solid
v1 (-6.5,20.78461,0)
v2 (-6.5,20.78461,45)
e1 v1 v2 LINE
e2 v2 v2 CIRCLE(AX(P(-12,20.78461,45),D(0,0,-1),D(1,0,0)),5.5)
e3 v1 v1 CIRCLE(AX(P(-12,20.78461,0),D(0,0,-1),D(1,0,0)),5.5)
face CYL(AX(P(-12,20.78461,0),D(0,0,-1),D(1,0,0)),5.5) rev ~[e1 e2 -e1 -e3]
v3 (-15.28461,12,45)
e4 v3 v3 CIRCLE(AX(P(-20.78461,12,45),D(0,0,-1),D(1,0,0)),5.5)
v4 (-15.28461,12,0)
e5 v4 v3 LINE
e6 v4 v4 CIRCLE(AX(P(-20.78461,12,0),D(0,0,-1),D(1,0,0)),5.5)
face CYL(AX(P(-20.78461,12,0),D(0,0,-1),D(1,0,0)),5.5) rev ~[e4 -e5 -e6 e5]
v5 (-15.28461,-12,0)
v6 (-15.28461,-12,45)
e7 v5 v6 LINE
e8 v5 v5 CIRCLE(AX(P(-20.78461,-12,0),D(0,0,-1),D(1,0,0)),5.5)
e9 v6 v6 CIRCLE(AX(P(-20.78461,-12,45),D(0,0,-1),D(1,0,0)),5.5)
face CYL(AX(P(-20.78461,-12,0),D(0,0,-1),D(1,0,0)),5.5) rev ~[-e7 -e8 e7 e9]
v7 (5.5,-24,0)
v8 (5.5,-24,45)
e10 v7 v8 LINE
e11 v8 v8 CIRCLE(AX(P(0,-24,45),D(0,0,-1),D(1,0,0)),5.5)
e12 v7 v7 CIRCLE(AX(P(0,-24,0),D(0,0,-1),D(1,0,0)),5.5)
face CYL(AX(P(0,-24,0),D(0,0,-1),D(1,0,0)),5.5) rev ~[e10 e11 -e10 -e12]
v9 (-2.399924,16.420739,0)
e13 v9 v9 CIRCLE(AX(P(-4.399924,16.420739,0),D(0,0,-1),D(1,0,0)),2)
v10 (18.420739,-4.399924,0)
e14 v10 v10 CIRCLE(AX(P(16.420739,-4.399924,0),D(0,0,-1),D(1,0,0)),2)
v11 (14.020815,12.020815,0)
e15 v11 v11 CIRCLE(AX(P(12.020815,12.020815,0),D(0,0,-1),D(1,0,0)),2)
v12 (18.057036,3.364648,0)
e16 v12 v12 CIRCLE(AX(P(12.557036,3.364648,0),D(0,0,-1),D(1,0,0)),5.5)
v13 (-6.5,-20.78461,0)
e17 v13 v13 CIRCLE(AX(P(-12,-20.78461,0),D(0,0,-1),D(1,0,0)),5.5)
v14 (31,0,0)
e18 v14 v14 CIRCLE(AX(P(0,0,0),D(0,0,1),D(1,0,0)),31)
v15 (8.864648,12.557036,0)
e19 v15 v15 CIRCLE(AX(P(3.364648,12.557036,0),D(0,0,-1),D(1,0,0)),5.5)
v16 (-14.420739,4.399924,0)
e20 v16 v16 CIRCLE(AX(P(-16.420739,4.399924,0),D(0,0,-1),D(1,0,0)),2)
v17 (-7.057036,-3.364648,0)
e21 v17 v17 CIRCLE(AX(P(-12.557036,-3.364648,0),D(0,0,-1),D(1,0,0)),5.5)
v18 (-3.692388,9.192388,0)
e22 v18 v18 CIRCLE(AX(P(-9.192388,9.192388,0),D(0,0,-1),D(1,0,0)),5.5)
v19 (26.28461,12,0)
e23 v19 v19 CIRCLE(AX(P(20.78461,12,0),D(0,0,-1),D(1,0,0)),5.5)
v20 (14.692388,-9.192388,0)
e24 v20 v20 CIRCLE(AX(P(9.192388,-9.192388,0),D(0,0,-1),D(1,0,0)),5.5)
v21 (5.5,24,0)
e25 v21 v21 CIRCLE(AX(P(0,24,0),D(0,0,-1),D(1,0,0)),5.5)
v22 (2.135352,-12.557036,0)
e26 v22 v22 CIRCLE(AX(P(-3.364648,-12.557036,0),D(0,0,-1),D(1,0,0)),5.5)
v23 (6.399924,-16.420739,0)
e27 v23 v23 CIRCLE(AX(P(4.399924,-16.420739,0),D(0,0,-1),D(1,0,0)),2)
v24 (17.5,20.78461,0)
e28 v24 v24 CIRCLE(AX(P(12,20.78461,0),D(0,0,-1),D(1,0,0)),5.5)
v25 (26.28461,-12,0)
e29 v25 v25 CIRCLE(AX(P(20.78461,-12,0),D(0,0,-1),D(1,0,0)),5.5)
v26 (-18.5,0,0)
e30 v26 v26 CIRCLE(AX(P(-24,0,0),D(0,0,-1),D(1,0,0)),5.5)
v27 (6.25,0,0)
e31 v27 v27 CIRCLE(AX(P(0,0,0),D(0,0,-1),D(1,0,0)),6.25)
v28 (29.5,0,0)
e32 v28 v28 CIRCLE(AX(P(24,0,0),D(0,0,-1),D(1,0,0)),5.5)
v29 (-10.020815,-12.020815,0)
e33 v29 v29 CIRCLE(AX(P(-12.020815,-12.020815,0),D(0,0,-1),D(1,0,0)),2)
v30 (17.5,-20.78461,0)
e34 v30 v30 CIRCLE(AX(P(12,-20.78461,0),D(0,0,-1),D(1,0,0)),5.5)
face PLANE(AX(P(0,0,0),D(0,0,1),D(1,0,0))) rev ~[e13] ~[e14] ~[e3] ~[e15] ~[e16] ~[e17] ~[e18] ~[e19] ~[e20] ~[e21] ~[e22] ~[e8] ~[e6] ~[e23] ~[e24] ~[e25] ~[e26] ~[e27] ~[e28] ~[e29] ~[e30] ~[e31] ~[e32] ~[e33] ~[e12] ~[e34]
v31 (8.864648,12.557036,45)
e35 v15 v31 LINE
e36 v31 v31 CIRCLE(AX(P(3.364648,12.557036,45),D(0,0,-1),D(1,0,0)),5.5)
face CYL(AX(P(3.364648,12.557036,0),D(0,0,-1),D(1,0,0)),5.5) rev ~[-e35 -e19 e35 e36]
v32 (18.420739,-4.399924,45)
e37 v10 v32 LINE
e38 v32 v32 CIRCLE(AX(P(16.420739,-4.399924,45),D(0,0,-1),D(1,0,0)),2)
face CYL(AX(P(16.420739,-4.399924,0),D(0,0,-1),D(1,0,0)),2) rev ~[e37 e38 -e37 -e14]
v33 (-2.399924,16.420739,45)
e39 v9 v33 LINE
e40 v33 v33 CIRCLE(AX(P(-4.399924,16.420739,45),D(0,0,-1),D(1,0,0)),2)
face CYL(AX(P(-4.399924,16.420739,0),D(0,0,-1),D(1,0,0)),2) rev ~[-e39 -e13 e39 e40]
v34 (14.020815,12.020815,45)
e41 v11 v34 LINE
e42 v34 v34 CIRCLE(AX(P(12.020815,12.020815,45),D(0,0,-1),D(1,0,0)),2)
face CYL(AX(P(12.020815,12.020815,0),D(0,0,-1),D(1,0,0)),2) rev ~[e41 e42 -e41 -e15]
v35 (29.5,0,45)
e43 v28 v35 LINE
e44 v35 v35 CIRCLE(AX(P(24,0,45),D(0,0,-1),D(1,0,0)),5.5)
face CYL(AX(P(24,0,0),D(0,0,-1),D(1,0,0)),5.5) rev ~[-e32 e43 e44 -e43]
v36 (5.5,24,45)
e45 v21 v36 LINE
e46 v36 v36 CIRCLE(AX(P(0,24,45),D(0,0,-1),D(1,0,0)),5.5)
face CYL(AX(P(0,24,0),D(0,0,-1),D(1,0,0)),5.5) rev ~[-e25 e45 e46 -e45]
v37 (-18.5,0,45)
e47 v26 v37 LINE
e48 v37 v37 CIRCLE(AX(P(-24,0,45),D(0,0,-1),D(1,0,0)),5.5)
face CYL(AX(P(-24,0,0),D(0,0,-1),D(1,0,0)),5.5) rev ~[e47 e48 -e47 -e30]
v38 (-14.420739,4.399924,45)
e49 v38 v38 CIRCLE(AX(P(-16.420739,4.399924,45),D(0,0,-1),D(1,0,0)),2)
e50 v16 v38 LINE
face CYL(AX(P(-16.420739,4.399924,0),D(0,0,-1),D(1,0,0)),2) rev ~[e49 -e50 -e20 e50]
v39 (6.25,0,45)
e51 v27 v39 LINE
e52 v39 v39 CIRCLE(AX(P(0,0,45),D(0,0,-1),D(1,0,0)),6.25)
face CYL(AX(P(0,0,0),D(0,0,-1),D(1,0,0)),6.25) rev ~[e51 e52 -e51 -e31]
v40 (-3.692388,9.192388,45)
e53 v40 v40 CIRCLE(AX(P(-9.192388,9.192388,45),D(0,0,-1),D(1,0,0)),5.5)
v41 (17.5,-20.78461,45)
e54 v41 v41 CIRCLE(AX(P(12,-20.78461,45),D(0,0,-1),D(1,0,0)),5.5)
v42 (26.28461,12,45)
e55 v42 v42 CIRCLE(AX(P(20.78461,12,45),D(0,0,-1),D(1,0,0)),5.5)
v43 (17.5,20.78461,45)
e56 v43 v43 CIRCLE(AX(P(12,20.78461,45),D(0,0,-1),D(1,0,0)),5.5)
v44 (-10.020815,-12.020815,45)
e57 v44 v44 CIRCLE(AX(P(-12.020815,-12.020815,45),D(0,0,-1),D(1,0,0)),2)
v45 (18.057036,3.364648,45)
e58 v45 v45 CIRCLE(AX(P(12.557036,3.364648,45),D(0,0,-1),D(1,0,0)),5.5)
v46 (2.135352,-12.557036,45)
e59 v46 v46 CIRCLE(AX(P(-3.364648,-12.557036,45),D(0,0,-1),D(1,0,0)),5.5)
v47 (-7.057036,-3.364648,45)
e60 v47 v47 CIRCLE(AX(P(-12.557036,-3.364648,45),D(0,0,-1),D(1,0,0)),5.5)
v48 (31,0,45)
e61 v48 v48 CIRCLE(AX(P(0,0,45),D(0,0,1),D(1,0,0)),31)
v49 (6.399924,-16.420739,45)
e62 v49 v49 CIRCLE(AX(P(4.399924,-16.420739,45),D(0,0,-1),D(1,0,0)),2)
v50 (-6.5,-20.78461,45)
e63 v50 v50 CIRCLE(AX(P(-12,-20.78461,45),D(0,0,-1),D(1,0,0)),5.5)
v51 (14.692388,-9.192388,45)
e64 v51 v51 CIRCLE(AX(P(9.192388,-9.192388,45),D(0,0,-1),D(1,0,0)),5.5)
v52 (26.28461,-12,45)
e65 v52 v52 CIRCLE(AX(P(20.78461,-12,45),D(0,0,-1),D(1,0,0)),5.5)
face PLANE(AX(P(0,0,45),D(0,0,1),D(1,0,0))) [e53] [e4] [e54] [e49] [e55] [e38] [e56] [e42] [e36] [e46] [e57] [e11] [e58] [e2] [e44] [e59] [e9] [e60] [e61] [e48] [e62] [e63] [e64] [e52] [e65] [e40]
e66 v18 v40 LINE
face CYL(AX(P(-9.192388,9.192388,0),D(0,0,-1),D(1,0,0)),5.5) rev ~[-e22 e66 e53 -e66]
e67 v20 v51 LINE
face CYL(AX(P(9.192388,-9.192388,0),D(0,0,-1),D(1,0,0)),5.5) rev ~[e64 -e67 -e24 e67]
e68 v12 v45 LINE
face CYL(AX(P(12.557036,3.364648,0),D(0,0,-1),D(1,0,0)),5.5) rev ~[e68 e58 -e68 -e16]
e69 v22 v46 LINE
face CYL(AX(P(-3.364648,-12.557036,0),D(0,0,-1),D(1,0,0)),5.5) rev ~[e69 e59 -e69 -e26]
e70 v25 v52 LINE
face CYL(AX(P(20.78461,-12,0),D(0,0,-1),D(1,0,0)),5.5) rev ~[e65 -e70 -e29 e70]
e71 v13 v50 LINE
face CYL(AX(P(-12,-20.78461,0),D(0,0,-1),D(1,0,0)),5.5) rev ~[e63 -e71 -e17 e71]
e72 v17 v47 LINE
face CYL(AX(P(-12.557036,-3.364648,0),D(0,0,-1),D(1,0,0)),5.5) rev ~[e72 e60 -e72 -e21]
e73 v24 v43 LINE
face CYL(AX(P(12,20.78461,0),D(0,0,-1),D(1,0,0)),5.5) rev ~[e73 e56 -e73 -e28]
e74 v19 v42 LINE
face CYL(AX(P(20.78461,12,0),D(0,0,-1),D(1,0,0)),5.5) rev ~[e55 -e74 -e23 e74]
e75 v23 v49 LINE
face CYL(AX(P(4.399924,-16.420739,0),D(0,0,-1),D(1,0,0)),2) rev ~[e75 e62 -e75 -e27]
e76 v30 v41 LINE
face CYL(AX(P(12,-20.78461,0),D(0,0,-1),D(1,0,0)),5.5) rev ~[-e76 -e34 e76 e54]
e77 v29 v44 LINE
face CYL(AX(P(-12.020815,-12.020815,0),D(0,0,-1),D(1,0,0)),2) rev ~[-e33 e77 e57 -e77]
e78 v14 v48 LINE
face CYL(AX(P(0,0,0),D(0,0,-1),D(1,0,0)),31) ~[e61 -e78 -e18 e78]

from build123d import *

# Parameters (mm, degrees)
F0_R     = 31
F1_DEPTH = 45
F2_R     = 6.25
F3_DEPTH = 51
F4_R     = 5.5
F5_DEPTH = 45
F6_R     = 5.5
F7_DEPTH = 45
F8_R     = 2
F9_DEPTH = 45


with BuildPart() as f1:
    # F0 (on Top) → F1 (new body)
    with BuildSketch(Plane.XY):
        Circle(F0_R)
    extrude(amount=F1_DEPTH)

    # F2 (on face) → F3 (cut)
    with BuildSketch(Plane(origin=(0, 0, 0), x_dir=(1, 0, 0), z_dir=(0, 0, -1))):
        Circle(F2_R)
    extrude(amount=-F3_DEPTH, mode=Mode.SUBTRACT)

    # F4 (on face) → F5 (cut)
    with BuildSketch(Plane(origin=(0, 0, 0), x_dir=(1, 0, 0), z_dir=(0, 0, -1))):
        with Locations((0, 24)):
            Circle(F4_R)
        with Locations((-12, 20.78461)):
            Circle(F4_R)
        with Locations((-20.78461, 12)):
            Circle(F4_R)
        with Locations((-24, 0)):
            Circle(F4_R)
        with Locations((-20.78461, -12)):
            Circle(F4_R)
        with Locations((-12, -20.78461)):
            Circle(F4_R)
        with Locations((0, -24)):
            Circle(F4_R)
        with Locations((12, -20.78461)):
            Circle(F4_R)
        with Locations((20.78461, -12)):
            Circle(F4_R)
        with Locations((24, 0)):
            Circle(F4_R)
        with Locations((20.78461, 12)):
            Circle(F4_R)
        with Locations((12, 20.78461)):
            Circle(F4_R)
    extrude(amount=-F5_DEPTH, mode=Mode.SUBTRACT)

    # F2 (on face) + F6 (on face) → F7 (cut)
    with BuildSketch(Plane(origin=(0, 0, 0), x_dir=(1, 0, 0), z_dir=(0, 0, -1))):
        Circle(F2_R)
    with BuildSketch(Plane(origin=(0, 0, 0), x_dir=(1, 0, 0), z_dir=(0, 0, -1))):
        with Locations((-12.557036, 3.364648)):
            Circle(F6_R)
        with Locations((-9.192388, -9.192388)):
            Circle(F6_R)
        with Locations((3.364648, -12.557036)):
            Circle(F6_R)
        with Locations((12.557036, -3.364648)):
            Circle(F6_R)
        with Locations((9.192388, 9.192388)):
            Circle(F6_R)
        with Locations((-3.364648, 12.557036)):
            Circle(F6_R)
    extrude(amount=-F7_DEPTH, mode=Mode.SUBTRACT)

    # F8 (on face) → F9 (cut)
    with BuildSketch(Plane(origin=(0, 0, 0), x_dir=(1, 0, 0), z_dir=(0, 0, -1))):
        with Locations((4.399924, 16.420739)):
            Circle(F8_R)
        with Locations((-12.020815, 12.020815)):
            Circle(F8_R)
        with Locations((-16.420739, -4.399924)):
            Circle(F8_R)
        with Locations((-4.399924, -16.420739)):
            Circle(F8_R)
        with Locations((12.020815, -12.020815)):
            Circle(F8_R)
        with Locations((16.420739, 4.399924)):
            Circle(F8_R)
    extrude(amount=-F9_DEPTH, mode=Mode.SUBTRACT)


solid = f1.part
